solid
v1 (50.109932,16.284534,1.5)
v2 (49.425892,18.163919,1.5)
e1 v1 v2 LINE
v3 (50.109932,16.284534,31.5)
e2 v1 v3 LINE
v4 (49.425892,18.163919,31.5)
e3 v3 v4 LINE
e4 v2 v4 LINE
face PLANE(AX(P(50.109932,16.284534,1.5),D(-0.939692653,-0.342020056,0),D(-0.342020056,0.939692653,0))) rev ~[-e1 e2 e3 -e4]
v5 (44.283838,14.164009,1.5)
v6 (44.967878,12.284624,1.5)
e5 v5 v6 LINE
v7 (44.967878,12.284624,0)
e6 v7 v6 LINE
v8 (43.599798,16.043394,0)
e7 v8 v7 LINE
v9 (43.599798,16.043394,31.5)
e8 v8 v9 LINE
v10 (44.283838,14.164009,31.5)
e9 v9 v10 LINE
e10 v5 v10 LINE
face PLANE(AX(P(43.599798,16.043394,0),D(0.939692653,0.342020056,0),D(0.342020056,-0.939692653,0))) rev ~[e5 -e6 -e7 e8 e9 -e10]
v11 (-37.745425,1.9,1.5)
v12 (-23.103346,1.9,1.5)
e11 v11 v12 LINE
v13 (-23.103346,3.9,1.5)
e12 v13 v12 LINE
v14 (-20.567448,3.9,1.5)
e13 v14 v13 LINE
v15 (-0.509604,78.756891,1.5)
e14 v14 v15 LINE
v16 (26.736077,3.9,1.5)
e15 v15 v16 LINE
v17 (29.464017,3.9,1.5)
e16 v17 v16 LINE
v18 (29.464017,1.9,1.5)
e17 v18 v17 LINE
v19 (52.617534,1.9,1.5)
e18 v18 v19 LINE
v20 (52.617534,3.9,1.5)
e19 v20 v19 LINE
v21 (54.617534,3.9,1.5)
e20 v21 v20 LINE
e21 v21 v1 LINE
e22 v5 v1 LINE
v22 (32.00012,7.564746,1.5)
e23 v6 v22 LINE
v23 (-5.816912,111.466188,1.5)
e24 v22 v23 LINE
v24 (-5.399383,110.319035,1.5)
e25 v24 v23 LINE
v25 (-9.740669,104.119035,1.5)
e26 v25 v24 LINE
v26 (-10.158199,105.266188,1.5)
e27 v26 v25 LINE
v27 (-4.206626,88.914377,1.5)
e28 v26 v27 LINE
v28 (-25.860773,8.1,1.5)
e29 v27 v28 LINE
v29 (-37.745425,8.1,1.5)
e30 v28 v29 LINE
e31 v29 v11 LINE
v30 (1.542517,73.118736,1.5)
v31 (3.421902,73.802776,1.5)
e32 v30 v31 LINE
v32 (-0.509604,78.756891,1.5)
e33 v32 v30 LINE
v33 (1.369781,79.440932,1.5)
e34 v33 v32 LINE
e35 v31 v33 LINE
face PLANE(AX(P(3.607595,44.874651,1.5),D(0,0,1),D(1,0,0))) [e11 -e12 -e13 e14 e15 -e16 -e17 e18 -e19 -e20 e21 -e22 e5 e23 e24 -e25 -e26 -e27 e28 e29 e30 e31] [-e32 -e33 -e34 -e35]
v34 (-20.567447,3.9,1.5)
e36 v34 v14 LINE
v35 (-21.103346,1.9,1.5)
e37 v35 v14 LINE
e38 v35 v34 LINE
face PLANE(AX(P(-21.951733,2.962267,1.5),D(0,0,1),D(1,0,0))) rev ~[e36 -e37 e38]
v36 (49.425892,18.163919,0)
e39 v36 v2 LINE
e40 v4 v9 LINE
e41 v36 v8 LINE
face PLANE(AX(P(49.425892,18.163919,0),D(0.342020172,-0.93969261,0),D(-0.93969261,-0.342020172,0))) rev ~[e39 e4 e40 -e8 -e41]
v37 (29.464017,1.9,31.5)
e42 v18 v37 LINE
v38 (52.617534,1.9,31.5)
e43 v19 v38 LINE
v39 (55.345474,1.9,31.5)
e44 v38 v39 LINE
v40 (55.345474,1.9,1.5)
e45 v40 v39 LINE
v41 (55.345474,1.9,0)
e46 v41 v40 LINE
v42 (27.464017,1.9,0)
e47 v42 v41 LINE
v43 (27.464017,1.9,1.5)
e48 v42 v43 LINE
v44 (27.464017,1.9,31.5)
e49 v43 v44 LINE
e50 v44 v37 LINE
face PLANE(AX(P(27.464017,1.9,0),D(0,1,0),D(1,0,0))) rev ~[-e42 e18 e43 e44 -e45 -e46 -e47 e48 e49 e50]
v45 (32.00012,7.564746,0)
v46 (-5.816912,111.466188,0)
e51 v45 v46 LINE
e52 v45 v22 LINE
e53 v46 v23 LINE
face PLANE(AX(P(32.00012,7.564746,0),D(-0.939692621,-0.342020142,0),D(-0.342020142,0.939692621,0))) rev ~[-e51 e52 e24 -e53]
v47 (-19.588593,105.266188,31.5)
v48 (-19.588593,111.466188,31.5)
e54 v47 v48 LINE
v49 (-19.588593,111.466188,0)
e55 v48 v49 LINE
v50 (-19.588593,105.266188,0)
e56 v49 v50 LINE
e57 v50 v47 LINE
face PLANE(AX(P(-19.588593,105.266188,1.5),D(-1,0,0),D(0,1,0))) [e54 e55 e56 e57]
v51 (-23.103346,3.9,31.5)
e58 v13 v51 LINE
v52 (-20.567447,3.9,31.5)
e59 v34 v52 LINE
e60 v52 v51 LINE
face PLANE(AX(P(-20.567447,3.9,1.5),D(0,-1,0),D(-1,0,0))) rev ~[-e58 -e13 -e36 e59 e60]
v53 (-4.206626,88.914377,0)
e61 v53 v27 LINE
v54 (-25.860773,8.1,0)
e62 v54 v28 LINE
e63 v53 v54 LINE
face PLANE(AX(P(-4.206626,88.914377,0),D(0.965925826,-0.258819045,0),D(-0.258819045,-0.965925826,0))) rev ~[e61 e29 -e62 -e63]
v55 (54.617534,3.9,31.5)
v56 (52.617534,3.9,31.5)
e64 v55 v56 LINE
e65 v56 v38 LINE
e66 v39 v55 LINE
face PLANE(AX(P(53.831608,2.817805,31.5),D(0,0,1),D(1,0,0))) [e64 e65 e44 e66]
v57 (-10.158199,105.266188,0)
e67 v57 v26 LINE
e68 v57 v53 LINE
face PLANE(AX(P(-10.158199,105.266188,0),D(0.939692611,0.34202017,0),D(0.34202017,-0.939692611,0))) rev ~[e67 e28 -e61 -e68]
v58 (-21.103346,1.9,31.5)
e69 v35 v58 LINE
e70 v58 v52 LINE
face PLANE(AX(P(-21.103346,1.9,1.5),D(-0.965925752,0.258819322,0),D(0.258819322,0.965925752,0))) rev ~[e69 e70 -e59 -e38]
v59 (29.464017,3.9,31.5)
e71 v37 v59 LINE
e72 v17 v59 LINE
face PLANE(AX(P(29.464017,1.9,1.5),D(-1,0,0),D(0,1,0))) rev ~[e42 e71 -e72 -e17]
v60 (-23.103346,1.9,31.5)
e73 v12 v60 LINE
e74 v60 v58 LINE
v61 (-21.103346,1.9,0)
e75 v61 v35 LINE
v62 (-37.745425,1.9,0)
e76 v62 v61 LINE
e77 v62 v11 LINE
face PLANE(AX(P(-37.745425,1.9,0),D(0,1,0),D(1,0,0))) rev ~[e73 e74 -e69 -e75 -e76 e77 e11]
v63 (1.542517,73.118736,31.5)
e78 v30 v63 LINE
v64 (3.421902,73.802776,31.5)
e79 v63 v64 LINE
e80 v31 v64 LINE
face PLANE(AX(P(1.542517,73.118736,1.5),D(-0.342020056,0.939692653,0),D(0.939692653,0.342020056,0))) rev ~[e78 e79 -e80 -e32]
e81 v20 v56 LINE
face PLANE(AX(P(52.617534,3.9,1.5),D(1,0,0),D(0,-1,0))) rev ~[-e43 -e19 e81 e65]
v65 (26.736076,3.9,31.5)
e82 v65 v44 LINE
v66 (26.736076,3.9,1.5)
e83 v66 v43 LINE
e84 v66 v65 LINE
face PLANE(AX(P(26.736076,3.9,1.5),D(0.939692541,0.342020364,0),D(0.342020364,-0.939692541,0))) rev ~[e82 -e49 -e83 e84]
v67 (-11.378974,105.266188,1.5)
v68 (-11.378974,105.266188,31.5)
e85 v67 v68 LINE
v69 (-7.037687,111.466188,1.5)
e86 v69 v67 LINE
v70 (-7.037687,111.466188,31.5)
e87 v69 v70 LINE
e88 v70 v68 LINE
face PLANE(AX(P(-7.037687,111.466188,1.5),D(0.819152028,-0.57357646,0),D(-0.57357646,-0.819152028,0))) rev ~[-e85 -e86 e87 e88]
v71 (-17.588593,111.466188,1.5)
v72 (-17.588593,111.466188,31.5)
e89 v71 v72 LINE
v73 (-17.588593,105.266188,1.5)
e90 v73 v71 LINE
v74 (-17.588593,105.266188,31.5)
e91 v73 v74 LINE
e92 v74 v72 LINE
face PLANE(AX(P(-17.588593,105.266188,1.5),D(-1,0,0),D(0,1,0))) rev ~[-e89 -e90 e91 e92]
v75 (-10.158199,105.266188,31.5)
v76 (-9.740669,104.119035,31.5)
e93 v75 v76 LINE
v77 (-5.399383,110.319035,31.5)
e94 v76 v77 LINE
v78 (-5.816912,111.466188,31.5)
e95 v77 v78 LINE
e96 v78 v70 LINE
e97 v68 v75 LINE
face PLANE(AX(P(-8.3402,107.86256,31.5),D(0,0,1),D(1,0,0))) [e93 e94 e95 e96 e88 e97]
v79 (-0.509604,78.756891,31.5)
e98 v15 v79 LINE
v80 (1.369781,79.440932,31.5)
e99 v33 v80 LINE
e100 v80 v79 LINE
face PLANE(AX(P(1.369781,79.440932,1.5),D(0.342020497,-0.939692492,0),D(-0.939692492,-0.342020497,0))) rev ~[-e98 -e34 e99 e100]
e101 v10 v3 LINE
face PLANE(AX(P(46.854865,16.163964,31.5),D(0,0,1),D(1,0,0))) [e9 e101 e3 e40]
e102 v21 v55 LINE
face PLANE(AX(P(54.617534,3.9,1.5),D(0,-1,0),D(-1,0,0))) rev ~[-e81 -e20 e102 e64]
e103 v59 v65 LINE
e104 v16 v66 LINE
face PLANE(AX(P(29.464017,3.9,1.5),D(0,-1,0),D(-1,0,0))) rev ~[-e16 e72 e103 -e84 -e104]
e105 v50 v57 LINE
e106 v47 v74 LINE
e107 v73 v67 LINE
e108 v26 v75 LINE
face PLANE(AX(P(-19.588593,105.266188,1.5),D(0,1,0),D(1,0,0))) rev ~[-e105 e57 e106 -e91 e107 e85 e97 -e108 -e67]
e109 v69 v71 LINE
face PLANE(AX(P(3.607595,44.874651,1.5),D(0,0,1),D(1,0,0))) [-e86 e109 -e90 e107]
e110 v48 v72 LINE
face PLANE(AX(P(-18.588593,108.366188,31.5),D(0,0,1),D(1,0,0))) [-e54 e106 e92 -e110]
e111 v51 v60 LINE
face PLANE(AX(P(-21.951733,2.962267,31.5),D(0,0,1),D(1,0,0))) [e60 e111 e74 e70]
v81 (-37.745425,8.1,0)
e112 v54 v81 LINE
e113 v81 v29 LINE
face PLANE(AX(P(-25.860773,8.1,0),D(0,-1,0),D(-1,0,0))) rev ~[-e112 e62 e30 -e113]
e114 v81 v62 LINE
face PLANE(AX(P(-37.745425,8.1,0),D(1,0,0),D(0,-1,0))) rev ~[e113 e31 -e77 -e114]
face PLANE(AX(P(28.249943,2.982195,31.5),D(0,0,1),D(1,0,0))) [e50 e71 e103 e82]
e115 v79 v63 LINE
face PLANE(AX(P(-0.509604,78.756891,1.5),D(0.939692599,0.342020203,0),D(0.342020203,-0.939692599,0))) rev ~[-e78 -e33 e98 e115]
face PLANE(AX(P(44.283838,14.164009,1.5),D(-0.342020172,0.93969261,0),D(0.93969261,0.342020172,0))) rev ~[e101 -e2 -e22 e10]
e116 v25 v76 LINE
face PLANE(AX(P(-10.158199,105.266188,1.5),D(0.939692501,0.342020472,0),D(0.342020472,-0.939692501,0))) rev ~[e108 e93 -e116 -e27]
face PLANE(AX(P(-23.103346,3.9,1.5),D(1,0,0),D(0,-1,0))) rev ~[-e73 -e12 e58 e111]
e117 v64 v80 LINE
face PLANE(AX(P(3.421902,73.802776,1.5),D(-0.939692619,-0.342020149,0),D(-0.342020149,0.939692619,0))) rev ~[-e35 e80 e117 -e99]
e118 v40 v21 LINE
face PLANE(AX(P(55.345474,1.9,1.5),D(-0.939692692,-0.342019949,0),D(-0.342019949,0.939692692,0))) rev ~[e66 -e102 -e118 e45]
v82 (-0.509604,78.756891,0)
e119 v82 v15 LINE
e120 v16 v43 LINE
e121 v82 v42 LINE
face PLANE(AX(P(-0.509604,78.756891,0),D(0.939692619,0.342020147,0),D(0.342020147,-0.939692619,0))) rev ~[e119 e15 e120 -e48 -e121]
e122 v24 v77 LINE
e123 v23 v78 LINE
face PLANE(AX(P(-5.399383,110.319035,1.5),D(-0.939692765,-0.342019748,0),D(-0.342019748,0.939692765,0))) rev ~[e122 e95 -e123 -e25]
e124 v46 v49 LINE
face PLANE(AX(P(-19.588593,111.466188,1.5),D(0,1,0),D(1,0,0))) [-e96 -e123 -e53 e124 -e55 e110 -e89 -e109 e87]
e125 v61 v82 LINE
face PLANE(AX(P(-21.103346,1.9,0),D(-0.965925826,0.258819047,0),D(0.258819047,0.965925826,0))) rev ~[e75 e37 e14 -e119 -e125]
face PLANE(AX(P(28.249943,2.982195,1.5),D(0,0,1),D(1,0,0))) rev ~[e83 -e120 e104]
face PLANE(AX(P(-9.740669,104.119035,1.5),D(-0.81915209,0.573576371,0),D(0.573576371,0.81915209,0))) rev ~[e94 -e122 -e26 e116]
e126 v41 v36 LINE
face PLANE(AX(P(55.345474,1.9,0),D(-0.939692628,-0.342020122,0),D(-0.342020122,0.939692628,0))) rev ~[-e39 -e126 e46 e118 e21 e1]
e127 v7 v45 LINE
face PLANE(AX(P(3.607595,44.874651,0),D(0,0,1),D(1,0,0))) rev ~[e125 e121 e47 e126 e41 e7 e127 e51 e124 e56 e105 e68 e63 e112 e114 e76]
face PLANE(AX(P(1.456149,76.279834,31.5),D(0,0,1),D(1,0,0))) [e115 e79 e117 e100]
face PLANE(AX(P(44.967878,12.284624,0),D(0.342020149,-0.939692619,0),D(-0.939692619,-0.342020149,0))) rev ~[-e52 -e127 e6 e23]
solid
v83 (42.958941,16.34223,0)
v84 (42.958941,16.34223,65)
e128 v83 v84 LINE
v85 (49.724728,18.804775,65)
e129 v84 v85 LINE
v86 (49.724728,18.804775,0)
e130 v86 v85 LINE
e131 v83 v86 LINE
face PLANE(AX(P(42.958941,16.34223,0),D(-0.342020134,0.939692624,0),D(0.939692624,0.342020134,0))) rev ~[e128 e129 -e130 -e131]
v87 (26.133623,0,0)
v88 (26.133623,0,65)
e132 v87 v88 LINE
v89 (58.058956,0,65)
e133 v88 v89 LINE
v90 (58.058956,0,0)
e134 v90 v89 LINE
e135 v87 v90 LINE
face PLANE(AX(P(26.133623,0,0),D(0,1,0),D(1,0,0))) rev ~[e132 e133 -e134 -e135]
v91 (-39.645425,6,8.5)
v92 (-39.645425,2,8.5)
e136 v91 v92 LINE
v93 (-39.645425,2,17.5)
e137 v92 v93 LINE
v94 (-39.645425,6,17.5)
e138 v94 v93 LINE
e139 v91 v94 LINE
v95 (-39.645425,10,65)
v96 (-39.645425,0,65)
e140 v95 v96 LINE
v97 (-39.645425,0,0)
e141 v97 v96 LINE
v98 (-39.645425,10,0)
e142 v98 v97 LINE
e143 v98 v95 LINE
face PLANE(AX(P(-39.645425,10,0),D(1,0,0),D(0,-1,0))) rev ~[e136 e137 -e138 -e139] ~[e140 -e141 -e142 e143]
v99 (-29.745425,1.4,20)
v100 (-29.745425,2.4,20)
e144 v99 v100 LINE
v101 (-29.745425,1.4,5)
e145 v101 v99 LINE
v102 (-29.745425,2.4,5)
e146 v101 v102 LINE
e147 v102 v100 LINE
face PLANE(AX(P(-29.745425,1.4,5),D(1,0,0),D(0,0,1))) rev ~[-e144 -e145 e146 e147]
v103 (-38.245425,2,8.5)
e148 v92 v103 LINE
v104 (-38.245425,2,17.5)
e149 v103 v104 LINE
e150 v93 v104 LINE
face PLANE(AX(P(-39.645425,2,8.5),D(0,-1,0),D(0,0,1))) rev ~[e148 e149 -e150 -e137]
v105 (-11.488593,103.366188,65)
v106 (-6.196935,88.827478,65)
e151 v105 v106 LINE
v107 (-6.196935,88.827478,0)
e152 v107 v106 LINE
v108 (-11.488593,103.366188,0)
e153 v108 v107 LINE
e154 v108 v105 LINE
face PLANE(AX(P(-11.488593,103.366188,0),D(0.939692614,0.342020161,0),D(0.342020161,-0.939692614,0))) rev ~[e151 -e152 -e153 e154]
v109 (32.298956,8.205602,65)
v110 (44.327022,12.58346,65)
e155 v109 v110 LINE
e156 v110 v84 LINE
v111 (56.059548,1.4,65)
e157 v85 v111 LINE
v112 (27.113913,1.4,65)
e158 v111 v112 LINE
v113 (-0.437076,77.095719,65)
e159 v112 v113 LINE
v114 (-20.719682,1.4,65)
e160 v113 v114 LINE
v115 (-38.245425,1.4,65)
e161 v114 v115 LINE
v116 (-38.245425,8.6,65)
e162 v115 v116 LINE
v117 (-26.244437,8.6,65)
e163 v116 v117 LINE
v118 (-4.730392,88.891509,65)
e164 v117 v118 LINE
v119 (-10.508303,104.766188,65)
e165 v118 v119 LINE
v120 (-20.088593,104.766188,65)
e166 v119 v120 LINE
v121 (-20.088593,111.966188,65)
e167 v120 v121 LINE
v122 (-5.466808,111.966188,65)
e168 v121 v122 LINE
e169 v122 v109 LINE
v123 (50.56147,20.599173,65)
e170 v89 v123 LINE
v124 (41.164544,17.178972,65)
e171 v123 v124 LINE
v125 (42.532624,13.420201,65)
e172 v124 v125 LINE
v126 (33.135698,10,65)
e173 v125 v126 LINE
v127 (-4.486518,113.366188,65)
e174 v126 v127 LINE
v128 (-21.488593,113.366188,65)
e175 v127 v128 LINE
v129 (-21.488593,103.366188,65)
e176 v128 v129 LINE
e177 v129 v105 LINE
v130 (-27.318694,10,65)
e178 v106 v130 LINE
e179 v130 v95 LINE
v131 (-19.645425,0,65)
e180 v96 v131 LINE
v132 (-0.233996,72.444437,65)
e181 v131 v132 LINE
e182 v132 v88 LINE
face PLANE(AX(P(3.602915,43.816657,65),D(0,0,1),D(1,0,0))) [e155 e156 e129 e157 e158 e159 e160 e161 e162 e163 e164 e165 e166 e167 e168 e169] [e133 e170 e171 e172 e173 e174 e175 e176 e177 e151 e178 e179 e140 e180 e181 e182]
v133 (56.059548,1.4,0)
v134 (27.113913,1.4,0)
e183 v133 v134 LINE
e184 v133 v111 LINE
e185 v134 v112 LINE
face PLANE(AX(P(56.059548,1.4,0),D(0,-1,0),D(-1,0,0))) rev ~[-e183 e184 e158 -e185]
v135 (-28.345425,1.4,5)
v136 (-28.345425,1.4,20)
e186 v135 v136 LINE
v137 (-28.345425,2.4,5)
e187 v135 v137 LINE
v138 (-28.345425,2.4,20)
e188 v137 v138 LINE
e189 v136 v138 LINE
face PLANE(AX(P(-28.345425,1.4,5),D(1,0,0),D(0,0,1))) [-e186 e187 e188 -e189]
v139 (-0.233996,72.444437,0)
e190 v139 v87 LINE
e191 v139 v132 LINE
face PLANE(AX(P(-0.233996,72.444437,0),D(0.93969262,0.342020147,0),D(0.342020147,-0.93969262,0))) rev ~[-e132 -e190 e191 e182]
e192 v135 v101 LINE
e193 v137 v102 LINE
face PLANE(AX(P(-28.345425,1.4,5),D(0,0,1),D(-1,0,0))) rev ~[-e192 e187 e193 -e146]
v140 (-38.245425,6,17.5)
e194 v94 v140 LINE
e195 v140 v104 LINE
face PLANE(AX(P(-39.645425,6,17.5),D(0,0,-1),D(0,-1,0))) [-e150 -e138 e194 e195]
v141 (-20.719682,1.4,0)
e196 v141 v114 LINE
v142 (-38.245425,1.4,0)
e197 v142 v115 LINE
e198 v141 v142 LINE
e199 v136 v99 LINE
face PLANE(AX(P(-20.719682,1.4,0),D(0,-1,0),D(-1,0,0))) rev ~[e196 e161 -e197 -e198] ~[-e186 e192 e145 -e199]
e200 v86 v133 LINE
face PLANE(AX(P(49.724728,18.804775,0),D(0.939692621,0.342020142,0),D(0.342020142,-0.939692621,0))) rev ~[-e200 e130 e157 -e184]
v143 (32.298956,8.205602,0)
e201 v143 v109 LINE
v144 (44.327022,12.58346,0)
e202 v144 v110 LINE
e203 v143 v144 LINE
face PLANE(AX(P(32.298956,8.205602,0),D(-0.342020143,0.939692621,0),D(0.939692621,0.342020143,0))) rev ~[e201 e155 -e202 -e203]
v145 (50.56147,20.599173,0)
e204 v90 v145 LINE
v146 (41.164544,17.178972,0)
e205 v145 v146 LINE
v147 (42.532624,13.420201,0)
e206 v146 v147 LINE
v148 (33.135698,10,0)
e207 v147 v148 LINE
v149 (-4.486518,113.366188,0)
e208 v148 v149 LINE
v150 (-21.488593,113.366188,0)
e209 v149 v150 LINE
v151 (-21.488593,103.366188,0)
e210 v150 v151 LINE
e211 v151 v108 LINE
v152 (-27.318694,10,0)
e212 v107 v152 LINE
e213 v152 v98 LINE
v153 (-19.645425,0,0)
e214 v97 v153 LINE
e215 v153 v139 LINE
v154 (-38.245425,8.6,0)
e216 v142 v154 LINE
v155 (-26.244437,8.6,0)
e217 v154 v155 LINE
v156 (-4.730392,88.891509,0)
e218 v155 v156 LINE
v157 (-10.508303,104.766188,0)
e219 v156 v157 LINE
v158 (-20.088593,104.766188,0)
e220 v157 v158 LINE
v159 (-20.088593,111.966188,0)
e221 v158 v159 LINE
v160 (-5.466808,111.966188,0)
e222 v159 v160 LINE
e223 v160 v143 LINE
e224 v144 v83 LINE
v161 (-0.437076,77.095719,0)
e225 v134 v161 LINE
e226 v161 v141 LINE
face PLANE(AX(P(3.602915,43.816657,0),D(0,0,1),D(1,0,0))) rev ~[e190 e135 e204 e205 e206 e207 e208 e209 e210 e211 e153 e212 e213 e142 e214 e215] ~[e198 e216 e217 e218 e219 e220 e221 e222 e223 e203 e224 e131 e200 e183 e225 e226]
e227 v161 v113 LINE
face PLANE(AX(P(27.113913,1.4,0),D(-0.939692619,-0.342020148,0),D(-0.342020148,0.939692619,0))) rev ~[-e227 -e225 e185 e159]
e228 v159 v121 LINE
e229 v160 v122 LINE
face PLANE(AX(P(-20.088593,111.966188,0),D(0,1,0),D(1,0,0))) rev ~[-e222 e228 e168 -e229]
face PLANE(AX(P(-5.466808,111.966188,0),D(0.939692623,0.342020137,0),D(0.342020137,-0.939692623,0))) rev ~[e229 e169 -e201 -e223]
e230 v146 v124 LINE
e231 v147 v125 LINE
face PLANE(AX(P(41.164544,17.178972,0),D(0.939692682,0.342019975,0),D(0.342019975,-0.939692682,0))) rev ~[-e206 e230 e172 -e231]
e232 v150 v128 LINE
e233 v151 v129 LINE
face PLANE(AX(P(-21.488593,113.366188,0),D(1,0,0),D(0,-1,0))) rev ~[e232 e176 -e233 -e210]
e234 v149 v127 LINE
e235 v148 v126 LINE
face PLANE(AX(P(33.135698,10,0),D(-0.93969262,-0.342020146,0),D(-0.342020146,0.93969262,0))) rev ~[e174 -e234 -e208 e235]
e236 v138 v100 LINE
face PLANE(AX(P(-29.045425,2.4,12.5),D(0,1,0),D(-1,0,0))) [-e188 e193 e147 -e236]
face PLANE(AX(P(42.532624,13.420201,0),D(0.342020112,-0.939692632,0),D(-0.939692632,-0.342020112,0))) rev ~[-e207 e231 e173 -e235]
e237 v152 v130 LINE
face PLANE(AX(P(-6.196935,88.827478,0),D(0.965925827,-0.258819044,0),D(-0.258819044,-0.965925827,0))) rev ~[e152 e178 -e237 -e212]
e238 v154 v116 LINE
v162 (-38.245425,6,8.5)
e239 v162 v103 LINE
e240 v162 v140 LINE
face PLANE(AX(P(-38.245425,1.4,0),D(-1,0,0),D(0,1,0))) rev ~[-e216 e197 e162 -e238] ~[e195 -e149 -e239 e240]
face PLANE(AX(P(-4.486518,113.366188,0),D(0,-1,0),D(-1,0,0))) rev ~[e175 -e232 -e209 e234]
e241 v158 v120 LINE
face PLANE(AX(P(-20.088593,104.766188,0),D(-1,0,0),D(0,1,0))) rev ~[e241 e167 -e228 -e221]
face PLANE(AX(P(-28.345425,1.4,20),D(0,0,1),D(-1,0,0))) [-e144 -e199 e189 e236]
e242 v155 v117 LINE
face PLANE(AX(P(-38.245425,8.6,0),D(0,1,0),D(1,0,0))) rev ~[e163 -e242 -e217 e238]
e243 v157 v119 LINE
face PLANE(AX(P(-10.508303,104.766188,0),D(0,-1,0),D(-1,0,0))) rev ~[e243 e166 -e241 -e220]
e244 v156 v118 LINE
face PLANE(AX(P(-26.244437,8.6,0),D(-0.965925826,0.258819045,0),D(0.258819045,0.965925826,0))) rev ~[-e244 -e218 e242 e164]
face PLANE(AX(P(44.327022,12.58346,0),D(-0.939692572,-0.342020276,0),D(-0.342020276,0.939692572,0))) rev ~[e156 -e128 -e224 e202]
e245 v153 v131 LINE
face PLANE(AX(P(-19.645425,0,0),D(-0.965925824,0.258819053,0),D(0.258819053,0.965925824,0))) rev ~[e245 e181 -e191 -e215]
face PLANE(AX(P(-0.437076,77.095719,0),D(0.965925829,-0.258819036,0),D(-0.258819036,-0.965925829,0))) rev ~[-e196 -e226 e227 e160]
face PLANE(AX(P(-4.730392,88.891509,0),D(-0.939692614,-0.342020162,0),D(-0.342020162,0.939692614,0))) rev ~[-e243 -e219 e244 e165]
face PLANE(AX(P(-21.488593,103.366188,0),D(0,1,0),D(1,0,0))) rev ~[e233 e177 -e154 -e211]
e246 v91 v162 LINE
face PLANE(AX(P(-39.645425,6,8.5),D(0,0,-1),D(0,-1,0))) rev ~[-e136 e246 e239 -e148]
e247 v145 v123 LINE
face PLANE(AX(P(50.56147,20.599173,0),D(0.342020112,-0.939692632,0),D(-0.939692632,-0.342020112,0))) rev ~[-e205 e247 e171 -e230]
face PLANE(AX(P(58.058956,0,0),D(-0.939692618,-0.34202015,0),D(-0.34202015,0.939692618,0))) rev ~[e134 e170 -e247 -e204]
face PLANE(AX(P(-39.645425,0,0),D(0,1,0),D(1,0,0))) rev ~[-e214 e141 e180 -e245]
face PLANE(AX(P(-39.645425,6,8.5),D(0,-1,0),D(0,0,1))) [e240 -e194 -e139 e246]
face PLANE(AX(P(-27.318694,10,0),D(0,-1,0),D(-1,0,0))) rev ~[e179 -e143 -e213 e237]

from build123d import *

# Parameters (mm, degrees)
F1_DEPTH = 65
F2_DEPTH = 1.5
F3_W     = 2
F3_H     = 6.2
F4_DEPTH = 30
F5_W     = 1.4
F5_H     = 15
F6_DEPTH = 1
F7_W     = 4
F7_H     = 9
F8_DEPTH = 1.4


with BuildPart() as f1:
    # F0 (on Top) → F1 (new body)
    with BuildSketch(Plane.XY):
        Polygon((-0.233996, 72.444437), (26.133623, 0), (58.058956, 0), (50.56147, 20.599173), (41.164544, 17.178972), (42.532624, 13.420201), (33.135698, 10), (-4.486518, 113.366188), (-21.488593, 113.366188), (-21.488593, 103.366188), (-11.488593, 103.366188), (-6.196935, 88.827478), (-27.318694, 10), (-39.645425, 10), (-39.645425, 0), (-19.645425, 0), align=None)
        Polygon((-10.508303, 104.766188), (-20.088593, 104.766188), (-20.088593, 111.966188), (-5.466808, 111.966188), (32.298956, 8.205602), (44.327022, 12.58346), (42.958941, 16.34223), (49.724728, 18.804775), (56.059548, 1.4), (27.113913, 1.4), (-0.437076, 77.095719), (-20.719682, 1.4), (-38.245425, 1.4), (-38.245425, 8.6), (-26.244437, 8.6), (-4.730392, 88.891509), align=None, mode=Mode.SUBTRACT)
    extrude(amount=F1_DEPTH)

    # F5 (on face) → F6 (join)
    with BuildSketch(Plane(origin=(0, 1.4, 0), x_dir=(-1, 0, 0), z_dir=(0, 1, 0))):
        with Locations((29.045425, 12.5)):
            Rectangle(F5_W, F5_H)
    extrude(amount=F6_DEPTH)

    # F7 (on face) → F8 (cut, through all)
    with BuildSketch(Plane(origin=(-39.645425, 0, 0), x_dir=(0, -1, 0), z_dir=(-1, 0, 0))):
        with Locations((-4, 13)):
            Rectangle(F7_W, F7_H)
    extrude(amount=-F8_DEPTH, mode=Mode.SUBTRACT)


with BuildPart() as f2:
    # F0 (on Top) → F2 (new body)
    with BuildSketch(Plane.XY):
        Polygon((-19.588593, 105.266188), (-10.158199, 105.266188), (-4.206626, 88.914377), (-25.860773, 8.1), (-37.745425, 8.1), (-37.745425, 1.9), (-21.103346, 1.9), (-0.509604, 78.756891), (27.464017, 1.9), (55.345474, 1.9), (49.425892, 18.163919), (43.599798, 16.043394), (44.967878, 12.284624), (32.00012, 7.564746), (-5.816912, 111.466188), (-19.588593, 111.466188), align=None)
    extrude(amount=F2_DEPTH)

    # F3 (on face) → F4 (join)
    with BuildSketch(Plane.XY.offset(1.5)):
        with Locations((-18.588593, 108.366188)):
            Rectangle(F3_W, F3_H)
        Polygon((-5.816912, 111.466188), (-7.037687, 111.466188), (-11.378974, 105.266188), (-10.158199, 105.266188), (-9.740669, 104.119035), (-5.399383, 110.319035), align=None)
        Polygon((1.369781, 79.440932), (-0.509604, 78.756891), (1.542517, 73.118736), (3.421902, 73.802776), align=None)
        Polygon((43.599798, 16.043394), (44.283838, 14.164009), (50.109932, 16.284534), (49.425892, 18.163919), align=None)
        Polygon((55.345474, 1.9), (54.617534, 3.9), (52.617534, 3.9), (52.617534, 1.9), align=None)
        Polygon((27.464017, 1.9), (29.464017, 1.9), (29.464017, 3.9), (26.736076, 3.9), align=None)
        Polygon((-23.103346, 3.9), (-23.103346, 1.9), (-21.103346, 1.9), (-20.567447, 3.9), align=None)
    extrude(amount=F4_DEPTH)


solid = Compound([f1.part, f2.part])
